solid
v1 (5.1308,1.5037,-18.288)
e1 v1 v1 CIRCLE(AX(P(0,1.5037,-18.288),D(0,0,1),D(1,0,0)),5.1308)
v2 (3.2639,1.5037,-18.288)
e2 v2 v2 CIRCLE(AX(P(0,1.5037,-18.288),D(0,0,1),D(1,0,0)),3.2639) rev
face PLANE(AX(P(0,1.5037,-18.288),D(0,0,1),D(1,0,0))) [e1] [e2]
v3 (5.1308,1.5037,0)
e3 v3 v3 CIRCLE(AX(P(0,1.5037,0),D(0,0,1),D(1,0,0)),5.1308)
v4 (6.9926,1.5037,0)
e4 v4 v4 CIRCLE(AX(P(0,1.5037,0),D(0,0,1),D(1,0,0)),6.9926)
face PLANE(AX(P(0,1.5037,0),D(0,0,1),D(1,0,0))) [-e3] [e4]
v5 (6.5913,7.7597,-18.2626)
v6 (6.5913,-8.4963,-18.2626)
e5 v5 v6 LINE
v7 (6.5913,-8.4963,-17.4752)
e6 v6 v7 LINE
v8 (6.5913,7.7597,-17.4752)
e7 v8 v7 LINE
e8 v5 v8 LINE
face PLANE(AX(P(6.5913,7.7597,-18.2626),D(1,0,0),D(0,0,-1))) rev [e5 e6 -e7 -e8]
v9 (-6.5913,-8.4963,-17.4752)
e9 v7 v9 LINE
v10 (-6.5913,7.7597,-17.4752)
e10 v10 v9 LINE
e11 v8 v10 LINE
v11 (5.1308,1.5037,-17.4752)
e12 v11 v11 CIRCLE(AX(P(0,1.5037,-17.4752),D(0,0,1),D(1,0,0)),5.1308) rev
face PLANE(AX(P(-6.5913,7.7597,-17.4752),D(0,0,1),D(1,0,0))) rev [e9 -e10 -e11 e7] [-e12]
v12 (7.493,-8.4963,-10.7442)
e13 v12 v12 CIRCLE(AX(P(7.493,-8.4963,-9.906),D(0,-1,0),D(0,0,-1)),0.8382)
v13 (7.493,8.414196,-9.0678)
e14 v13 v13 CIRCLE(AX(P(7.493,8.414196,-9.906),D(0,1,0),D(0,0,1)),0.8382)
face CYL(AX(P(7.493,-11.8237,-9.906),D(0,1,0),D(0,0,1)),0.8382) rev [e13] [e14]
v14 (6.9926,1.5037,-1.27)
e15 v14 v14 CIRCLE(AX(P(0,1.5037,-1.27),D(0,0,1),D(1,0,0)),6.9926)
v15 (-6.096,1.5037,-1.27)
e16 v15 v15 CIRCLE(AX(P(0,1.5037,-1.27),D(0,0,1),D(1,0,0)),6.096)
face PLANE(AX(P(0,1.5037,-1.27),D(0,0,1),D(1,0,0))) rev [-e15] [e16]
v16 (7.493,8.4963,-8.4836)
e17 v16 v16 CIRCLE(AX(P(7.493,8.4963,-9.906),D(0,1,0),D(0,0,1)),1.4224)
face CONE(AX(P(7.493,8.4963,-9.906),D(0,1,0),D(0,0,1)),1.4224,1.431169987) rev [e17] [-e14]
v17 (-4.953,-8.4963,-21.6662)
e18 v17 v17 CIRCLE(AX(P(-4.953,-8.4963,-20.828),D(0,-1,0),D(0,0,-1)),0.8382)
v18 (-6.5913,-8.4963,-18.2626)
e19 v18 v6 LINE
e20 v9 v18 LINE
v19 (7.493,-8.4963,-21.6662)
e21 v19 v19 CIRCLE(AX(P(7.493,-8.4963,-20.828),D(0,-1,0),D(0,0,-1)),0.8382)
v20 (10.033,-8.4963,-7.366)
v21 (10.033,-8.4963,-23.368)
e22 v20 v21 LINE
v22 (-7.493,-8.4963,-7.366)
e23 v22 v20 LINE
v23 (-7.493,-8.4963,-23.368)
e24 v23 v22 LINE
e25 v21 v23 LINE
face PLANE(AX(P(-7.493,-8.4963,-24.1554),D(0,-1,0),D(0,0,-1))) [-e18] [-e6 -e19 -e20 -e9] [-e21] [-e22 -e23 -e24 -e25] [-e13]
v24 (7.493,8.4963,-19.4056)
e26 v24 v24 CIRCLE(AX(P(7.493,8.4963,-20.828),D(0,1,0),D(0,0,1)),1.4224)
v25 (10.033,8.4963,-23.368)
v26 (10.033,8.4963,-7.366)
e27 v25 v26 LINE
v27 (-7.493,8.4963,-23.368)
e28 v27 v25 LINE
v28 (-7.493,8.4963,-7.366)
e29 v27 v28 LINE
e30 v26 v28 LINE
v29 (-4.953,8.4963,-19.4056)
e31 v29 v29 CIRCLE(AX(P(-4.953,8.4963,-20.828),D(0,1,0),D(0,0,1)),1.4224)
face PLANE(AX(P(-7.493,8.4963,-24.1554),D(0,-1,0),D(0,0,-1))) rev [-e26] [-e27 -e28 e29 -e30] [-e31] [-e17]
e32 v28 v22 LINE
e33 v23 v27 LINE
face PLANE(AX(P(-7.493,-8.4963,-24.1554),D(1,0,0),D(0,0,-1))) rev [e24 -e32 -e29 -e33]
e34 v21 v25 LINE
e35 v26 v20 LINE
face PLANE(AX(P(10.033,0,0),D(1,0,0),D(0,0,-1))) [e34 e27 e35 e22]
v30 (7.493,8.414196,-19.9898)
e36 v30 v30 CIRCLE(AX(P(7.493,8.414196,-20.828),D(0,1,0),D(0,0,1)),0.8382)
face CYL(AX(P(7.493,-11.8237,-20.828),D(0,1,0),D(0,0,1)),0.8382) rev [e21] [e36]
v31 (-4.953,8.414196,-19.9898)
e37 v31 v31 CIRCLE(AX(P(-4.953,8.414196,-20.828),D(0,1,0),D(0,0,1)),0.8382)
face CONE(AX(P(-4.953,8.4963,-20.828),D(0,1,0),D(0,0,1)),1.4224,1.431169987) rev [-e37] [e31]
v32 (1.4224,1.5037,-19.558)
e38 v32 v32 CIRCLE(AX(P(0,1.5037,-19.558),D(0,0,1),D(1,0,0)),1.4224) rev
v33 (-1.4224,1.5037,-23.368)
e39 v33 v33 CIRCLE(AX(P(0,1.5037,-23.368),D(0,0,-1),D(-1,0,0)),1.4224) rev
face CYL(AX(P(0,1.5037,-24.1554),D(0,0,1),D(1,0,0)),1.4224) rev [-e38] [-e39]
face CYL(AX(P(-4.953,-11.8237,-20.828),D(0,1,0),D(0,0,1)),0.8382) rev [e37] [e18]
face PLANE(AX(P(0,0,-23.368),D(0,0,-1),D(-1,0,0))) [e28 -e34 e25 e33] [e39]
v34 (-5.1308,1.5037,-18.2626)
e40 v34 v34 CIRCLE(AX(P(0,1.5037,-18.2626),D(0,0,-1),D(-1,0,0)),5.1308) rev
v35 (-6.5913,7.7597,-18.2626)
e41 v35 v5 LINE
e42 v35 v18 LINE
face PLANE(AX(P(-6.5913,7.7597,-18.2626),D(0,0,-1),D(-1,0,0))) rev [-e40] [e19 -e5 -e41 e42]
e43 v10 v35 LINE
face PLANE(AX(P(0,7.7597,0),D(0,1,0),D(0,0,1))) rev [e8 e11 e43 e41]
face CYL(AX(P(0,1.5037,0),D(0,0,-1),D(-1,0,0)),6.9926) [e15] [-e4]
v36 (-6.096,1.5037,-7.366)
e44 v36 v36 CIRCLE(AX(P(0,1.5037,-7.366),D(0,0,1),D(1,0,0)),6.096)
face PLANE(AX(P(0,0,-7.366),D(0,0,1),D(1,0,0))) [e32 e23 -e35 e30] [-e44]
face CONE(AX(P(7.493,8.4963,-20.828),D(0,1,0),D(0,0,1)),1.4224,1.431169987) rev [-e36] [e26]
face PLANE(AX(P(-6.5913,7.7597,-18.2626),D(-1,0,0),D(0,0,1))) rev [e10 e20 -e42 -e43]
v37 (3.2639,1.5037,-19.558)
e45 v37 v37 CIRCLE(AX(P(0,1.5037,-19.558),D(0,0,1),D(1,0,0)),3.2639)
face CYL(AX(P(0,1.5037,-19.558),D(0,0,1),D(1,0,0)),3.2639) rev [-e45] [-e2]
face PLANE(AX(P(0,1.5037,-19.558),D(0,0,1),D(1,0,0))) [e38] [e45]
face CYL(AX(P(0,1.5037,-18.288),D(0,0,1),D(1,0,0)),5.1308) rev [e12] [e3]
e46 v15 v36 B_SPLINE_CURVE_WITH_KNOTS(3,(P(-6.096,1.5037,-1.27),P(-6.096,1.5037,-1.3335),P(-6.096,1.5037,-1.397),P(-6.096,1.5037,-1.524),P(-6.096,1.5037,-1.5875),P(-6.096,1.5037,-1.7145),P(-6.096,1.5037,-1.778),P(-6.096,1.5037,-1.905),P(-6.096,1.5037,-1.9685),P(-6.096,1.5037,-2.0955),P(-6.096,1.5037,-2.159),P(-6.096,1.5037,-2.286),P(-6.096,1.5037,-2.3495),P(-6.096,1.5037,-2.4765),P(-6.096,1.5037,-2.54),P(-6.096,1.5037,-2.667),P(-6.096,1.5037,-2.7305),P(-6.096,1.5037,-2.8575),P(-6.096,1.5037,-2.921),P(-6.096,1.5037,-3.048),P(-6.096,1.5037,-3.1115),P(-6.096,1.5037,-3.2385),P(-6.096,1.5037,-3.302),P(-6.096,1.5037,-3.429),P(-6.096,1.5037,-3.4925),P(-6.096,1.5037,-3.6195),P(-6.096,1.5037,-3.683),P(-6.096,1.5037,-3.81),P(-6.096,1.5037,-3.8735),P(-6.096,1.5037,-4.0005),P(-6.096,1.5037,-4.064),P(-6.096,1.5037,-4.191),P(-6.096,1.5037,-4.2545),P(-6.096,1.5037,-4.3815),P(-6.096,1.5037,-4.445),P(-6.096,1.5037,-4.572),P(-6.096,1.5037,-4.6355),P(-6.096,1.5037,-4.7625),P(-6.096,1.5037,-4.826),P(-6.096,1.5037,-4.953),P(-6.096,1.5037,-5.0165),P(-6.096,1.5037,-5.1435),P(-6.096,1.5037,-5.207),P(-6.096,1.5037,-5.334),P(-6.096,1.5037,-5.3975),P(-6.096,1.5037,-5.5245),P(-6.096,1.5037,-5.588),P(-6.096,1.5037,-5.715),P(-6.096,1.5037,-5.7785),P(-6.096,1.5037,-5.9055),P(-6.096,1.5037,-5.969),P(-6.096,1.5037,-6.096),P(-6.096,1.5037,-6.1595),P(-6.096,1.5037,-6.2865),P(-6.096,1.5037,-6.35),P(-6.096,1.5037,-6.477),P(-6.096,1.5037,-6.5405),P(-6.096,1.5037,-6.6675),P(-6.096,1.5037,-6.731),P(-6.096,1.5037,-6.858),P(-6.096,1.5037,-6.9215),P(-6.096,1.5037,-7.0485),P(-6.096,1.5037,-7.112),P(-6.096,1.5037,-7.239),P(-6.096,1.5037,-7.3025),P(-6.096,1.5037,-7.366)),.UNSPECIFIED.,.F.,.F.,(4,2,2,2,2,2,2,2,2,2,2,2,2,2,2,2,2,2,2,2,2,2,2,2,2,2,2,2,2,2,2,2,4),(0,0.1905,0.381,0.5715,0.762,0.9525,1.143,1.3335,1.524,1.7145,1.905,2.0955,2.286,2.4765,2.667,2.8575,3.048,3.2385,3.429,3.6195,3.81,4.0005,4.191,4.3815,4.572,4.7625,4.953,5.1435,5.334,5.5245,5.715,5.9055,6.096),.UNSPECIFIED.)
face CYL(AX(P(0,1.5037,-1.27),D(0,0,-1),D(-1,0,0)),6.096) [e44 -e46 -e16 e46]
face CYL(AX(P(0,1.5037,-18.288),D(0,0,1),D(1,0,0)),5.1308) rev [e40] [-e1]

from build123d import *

# Parameters (mm, degrees)
SKETCH1_W           = 14.986
SKETCH1_H           = 16.9926
BOSS_EXTRUDE4_DEPTH = 24.1554
SKETCH10_R          = 1.4224
CUT_EXTRUDE6_DEPTH  = 24.1554
SKETCH11_R          = 3.2639
CUT_EXTRUDE7_DEPTH  = 19.558
SKETCH12_R          = 5.1308
CUT_EXTRUDE8_DEPTH  = 18.288
SKETCH13_W          = 14.986
SKETCH13_H          = 16.9926
SKETCH13_R          = 5.1308
CUT_EXTRUDE9_DEPTH  = 7.366
BOSS_EXTRUDE5_START = 6.096
SKETCH14_R          = 6.096
SKETCH14_R_2        = 5.1308
BOSS_EXTRUDE5_DEPTH = 6.096
BOSS_EXTRUDE6_START = 1.27
SKETCH15_R          = 6.9926
SKETCH15_R_2        = 5.1308
BOSS_EXTRUDE6_DEPTH = 1.27
SKETCH16_W          = 14.986
SKETCH16_H          = 16.9926
CUT_EXTRUDE10_DEPTH = 0.7874
SKETCH18_W          = 16.002
SKETCH18_H          = 16.9926
BOSS_EXTRUDE7_DEPTH = 2.54
SKETCH19_R          = 0.8382
CUT_EXTRUDE11_DEPTH = 20.32
SKETCH24_W          = 13.1826
SKETCH24_H          = 0.7874
CUT_EXTRUDE14_DEPTH = 16.256


with BuildPart() as part:
    # Sketch1 → Boss-Extrude4 (new body)
    with BuildSketch(Plane.XY):
        Rectangle(SKETCH1_W, SKETCH1_H)
    extrude(amount=-BOSS_EXTRUDE4_DEPTH)

    # Sketch10 → Cut-Extrude6 (cut)
    with BuildSketch(Plane.XY):
        with Locations((0, 1.5037)):
            Circle(SKETCH10_R)
    extrude(amount=-CUT_EXTRUDE6_DEPTH, mode=Mode.SUBTRACT)

    # Sketch11 → Cut-Extrude7 (cut)
    with BuildSketch(Plane.XY):
        with Locations((0, 1.5037)):
            Circle(SKETCH11_R)
    extrude(amount=-CUT_EXTRUDE7_DEPTH, mode=Mode.SUBTRACT)

    # Sketch12 → Cut-Extrude8 (cut)
    with BuildSketch(Plane.XY):
        with Locations((0, 1.5037)):
            Circle(SKETCH12_R)
    extrude(amount=-CUT_EXTRUDE8_DEPTH, mode=Mode.SUBTRACT)

    # Sketch13 → Cut-Extrude9 (cut)
    with BuildSketch(Plane.XY):
        Rectangle(SKETCH13_W, SKETCH13_H)
        with Locations((0, 1.5037)):
            Circle(SKETCH13_R, mode=Mode.SUBTRACT)
    extrude(amount=-CUT_EXTRUDE9_DEPTH, mode=Mode.SUBTRACT)

    # Sketch14 → Boss-Extrude5 (add)
    with BuildSketch(Plane.XY.offset(-7.366).offset(BOSS_EXTRUDE5_START)):
        with Locations(Location((0, 1.5037, 0), (0, 0, 180))):
            Circle(SKETCH14_R)
        with Locations((0, 1.5037)):
            Circle(SKETCH14_R_2, mode=Mode.SUBTRACT)
    extrude(amount=-BOSS_EXTRUDE5_DEPTH)

    # Sketch15 → Boss-Extrude6 (add)
    with BuildSketch(Plane.XY.offset(-1.27).offset(BOSS_EXTRUDE6_START)):
        with Locations((0, 1.5037)):
            Circle(SKETCH15_R)
        with Locations((0, 1.5037)):
            Circle(SKETCH15_R_2, mode=Mode.SUBTRACT)
    extrude(amount=-BOSS_EXTRUDE6_DEPTH)

    # Sketch16 → Cut-Extrude10 (cut)
    with BuildSketch(Plane(origin=(0, 0, -24.1554), x_dir=(-1, 0, 0), z_dir=(0, 0, -1))):
        Rectangle(SKETCH16_W, SKETCH16_H)
    extrude(amount=-CUT_EXTRUDE10_DEPTH, mode=Mode.SUBTRACT)

    # Sketch18 → Boss-Extrude7 (add)
    with BuildSketch(Plane(origin=(7.493, 0, 0), x_dir=(0, 0, -1), z_dir=(1, 0, 0))):
        with Locations((15.367, 0)):
            Rectangle(SKETCH18_W, SKETCH18_H)
    extrude(amount=BOSS_EXTRUDE7_DEPTH)

    # Sketch19 → Cut-Extrude11 (cut)
    with BuildSketch(Plane(origin=(0, 8.4963, 0), x_dir=(1, 0, 0), z_dir=(0, 1, 0))):
        with Locations(Location((-4.953, 20.828, 0), (0, 0, 270))):
            Circle(SKETCH19_R)
        with Locations(Location((7.493, 20.828, 0), (0, 0, 270))):
            Circle(SKETCH19_R)
        with Locations(Location((7.493, 9.906, 0), (0, 0, 270))):
            Circle(SKETCH19_R)
    extrude(amount=-CUT_EXTRUDE11_DEPTH, mode=Mode.SUBTRACT)

    # Cut-Extrude13 cone 1 section (through the dimple's axis) → Cut-Extrude13 (revolve, cut)
    with BuildSketch(Plane(origin=(-4.953, 8.4963, -20.828), x_dir=(0, 0, 1), z_dir=(1, 0, 0))):
        Polygon((0, 0), (1.4224, 0), (0, 0.199905283), align=None)
    revolve(axis=Axis((-4.953, 8.4963, -20.828), (0, -1, 0)), mode=Mode.SUBTRACT)

    # Cut-Extrude13 cone 2 section (through the dimple's axis) → Cut-Extrude13 cone 2 (revolve, cut)
    with BuildSketch(Plane(origin=(7.493, 8.4963, -20.828), x_dir=(0, 0, 1), z_dir=(1, 0, 0))):
        Polygon((0, 0), (1.4224, 0), (0, 0.199905283), align=None)
    revolve(axis=Axis((7.493, 8.4963, -20.828), (0, -1, 0)), mode=Mode.SUBTRACT)

    # Cut-Extrude13 cone 3 section (through the dimple's axis) → Cut-Extrude13 cone 3 (revolve, cut)
    with BuildSketch(Plane(origin=(7.493, 8.4963, -9.906), x_dir=(0, 0, 1), z_dir=(1, 0, 0))):
        Polygon((0, 0), (1.4224, 0), (0, 0.199905283), align=None)
    revolve(axis=Axis((7.493, 8.4963, -9.906), (0, -1, 0)), mode=Mode.SUBTRACT)

    # Sketch24 → Cut-Extrude14 (cut)
    with BuildSketch(Plane.XZ.offset(8.4963)):
        with Locations((0, -17.8689)):
            Rectangle(SKETCH24_W, SKETCH24_H)
    extrude(amount=-CUT_EXTRUDE14_DEPTH, mode=Mode.SUBTRACT)


solid = part.part
